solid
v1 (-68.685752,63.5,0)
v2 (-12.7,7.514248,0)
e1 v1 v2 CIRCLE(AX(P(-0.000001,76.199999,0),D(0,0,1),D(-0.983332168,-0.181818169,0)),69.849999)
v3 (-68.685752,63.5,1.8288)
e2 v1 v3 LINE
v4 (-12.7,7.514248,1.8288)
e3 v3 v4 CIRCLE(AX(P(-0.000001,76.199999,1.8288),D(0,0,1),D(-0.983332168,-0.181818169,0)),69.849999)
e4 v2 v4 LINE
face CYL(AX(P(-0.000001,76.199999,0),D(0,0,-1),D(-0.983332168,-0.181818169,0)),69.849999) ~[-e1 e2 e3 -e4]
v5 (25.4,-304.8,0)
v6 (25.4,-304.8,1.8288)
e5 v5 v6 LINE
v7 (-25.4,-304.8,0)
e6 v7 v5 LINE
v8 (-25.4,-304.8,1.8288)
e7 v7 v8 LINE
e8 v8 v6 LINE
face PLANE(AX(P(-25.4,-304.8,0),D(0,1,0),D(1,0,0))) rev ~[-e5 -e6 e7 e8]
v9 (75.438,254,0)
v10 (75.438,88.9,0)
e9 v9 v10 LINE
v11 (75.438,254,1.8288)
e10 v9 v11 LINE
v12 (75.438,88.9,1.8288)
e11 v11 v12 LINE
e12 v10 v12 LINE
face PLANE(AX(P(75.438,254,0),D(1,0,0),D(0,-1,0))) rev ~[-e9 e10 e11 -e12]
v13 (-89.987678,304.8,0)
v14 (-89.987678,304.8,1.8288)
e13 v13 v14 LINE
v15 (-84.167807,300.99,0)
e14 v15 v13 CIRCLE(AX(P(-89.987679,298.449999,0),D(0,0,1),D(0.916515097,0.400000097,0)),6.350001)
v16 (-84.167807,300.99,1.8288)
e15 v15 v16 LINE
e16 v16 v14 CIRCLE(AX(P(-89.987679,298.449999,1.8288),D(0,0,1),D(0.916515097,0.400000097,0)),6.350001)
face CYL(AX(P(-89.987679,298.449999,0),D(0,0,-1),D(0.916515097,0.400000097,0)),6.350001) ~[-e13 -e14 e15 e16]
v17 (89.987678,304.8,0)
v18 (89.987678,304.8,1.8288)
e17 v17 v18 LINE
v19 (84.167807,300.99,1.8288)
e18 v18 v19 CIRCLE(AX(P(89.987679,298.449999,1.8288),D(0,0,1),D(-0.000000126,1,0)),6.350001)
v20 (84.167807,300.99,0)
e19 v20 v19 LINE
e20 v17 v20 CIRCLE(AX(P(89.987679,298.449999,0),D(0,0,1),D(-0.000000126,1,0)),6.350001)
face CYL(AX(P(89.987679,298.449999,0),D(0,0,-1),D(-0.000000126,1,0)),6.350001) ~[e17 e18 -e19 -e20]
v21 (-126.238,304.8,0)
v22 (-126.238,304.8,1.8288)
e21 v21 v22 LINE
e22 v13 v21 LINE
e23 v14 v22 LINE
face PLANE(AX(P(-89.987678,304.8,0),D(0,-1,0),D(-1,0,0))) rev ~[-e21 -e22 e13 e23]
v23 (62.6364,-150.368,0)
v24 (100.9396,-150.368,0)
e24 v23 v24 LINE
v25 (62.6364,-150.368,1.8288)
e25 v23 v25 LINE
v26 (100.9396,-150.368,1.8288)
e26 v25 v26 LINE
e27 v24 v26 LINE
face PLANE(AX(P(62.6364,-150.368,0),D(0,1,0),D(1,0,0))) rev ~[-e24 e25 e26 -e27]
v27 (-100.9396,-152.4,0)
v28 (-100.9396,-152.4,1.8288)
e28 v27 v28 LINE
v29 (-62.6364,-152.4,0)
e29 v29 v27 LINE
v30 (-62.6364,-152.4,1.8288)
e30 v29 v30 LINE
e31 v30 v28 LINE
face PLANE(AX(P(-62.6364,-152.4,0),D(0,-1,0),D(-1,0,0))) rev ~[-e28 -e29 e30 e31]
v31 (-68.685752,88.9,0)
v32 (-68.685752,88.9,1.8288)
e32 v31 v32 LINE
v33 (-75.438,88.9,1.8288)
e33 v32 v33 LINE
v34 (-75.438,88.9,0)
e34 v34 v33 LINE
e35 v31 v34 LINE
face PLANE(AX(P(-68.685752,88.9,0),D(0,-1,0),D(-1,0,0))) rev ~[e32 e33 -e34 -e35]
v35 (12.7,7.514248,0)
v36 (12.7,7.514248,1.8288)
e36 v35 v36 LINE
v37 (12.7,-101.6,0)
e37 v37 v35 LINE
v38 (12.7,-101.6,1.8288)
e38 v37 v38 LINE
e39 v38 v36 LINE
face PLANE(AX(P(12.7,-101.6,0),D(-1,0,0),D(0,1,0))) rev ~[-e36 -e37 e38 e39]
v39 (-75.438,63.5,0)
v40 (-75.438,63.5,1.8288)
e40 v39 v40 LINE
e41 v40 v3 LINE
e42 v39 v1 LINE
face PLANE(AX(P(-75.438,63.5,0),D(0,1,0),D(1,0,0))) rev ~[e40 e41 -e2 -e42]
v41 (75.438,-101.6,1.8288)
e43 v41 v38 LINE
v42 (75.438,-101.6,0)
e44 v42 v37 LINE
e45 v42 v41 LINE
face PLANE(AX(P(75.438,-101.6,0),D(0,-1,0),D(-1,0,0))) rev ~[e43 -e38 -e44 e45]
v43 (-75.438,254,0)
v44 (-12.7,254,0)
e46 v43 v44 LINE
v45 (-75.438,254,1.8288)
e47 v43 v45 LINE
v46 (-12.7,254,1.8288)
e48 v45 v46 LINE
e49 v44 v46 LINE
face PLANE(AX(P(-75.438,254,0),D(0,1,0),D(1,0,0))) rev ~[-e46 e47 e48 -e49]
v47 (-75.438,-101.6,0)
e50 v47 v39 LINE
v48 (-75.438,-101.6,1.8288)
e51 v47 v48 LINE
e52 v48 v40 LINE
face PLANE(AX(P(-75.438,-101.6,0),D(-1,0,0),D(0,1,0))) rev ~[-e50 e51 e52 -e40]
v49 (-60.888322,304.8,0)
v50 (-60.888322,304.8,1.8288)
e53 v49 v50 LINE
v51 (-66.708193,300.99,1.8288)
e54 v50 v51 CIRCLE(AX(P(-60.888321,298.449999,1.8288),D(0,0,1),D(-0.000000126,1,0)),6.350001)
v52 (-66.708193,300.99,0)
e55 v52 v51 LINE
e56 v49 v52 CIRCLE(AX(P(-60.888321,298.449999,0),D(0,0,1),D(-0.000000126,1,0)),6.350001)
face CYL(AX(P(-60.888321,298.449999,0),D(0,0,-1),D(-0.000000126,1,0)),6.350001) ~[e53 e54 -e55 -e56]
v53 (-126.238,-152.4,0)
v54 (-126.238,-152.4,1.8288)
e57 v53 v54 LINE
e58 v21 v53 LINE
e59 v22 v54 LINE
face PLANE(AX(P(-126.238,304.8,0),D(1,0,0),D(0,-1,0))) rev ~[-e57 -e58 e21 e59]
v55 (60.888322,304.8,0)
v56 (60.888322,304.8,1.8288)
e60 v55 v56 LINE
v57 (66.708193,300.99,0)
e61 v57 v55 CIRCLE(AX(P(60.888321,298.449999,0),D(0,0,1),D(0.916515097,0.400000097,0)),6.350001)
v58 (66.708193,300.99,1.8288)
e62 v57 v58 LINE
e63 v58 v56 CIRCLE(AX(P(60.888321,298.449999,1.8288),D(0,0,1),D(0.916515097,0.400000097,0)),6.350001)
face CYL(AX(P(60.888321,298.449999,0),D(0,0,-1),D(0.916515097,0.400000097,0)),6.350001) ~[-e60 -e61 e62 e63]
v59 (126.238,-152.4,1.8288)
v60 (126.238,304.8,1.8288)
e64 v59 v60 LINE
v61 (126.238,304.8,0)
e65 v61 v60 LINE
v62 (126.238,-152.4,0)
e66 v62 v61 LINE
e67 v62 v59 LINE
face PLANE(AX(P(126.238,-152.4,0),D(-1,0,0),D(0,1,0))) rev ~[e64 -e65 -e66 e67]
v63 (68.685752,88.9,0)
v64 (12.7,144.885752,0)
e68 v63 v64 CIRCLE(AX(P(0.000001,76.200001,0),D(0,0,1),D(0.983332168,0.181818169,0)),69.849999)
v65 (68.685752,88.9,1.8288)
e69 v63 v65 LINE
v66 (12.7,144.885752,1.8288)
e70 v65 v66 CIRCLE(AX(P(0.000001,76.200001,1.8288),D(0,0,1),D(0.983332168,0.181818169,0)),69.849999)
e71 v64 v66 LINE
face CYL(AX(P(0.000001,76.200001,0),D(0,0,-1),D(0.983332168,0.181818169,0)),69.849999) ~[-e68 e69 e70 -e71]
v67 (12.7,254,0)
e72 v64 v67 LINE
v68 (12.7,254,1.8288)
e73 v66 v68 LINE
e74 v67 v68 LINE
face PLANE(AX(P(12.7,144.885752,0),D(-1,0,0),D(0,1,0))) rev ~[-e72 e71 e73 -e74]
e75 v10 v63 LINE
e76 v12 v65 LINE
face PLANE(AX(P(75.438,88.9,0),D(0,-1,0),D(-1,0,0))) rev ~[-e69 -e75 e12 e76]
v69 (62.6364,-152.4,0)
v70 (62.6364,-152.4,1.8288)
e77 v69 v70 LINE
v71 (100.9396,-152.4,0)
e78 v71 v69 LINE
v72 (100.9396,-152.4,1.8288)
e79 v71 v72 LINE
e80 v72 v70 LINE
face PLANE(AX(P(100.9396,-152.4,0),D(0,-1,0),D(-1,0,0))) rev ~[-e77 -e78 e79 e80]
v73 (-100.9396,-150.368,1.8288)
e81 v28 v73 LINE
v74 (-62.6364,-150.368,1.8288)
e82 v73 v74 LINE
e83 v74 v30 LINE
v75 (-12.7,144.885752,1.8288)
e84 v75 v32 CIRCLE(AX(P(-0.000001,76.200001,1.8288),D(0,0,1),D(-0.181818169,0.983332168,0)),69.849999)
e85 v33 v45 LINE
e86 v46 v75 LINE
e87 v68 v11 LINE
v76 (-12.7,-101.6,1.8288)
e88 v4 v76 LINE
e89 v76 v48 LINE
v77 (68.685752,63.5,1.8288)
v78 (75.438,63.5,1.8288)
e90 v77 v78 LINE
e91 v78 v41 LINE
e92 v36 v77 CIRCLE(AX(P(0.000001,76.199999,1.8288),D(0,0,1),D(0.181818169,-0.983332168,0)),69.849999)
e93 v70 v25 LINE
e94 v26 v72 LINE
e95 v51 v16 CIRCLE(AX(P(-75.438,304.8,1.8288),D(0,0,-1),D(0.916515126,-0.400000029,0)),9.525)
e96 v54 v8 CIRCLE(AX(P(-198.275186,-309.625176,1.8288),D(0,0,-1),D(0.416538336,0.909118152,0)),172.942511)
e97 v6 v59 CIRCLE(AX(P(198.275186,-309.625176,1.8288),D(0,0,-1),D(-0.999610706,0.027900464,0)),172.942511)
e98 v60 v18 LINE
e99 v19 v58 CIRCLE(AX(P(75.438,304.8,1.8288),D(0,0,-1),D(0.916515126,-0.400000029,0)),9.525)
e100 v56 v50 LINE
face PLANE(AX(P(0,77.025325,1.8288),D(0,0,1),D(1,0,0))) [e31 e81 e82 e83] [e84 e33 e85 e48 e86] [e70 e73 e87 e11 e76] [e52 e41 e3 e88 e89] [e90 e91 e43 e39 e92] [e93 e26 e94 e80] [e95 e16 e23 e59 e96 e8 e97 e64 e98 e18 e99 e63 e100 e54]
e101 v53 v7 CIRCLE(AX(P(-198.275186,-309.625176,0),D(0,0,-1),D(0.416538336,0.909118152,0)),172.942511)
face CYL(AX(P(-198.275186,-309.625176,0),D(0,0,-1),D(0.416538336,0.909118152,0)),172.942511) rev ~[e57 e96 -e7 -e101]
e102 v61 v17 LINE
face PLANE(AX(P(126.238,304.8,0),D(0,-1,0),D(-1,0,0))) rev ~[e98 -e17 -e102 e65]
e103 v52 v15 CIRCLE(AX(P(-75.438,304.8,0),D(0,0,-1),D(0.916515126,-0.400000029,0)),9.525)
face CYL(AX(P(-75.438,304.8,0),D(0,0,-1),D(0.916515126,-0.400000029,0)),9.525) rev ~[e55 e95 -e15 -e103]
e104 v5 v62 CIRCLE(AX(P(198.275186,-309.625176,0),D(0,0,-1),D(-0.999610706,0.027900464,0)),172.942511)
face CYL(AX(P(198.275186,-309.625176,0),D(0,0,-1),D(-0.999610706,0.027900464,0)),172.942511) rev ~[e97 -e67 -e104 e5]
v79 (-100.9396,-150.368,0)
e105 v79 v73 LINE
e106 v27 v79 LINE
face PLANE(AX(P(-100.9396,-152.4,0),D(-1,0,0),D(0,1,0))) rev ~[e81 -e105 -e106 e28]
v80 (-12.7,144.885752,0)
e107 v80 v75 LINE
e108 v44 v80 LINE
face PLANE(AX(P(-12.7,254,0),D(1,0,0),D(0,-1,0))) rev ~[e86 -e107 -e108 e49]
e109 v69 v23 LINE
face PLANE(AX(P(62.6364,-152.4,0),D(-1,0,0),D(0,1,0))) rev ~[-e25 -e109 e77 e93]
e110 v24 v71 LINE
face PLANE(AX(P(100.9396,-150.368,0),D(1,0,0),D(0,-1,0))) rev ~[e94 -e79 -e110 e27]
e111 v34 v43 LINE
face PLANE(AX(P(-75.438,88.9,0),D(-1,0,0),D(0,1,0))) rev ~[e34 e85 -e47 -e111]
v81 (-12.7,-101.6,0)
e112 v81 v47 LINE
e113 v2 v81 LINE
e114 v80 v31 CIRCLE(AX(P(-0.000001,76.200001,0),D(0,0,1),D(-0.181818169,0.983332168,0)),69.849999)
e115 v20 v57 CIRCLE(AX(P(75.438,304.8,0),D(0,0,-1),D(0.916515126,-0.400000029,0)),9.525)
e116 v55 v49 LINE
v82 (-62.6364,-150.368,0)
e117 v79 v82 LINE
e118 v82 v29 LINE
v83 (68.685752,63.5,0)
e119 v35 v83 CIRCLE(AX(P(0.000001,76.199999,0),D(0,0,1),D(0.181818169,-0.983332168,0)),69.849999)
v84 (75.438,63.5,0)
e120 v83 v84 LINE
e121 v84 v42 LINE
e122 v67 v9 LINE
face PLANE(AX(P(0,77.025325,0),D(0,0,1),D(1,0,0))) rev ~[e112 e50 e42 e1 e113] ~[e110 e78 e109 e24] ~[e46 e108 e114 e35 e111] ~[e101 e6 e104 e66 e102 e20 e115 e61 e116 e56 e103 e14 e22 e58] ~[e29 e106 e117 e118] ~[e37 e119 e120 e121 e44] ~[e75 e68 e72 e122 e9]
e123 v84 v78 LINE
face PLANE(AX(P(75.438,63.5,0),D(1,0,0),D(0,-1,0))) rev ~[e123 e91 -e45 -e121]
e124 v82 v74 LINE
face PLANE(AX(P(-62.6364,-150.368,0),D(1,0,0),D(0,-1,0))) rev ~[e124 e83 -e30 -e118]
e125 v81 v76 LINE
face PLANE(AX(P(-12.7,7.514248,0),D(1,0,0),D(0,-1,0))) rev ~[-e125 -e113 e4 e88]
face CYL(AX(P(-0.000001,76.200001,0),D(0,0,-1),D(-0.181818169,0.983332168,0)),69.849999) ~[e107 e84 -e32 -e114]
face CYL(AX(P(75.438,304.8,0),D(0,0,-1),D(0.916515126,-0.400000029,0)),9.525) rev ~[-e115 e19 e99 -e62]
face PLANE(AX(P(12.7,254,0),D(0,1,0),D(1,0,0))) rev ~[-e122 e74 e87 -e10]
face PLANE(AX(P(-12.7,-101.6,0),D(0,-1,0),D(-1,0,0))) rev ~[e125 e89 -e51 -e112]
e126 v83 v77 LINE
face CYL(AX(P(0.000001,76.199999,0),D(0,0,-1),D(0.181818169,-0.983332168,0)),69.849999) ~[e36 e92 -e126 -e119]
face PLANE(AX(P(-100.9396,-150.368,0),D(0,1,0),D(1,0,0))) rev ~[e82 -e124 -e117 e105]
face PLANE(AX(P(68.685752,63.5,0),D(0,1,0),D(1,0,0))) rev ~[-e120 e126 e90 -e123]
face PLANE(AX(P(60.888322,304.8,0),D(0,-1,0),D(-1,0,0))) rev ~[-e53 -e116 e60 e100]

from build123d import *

# Parameters (mm, degrees)
F1_DEPTH = 1.8288


with BuildPart() as f1:
    # F0 (on Top) → F1 (new body)
    with BuildSketch(Plane.XY):
        with BuildLine():
            Line((-89.987678, 304.8), (-126.238, 304.8))
            Line((-126.238, 304.8), (-126.238, -152.4))
            Line((-126.238, -152.4), (-100.9396, -152.4))
            Line((-100.9396, -152.4), (-100.9396, -150.368))
            Line((-100.9396, -150.368), (-62.6364, -150.368))
            Line((-62.6364, -150.368), (-62.6364, -152.4))
            Line((-62.6364, -152.4), (62.6364, -152.4))
            Line((62.6364, -152.4), (62.6364, -150.368))
            Line((62.6364, -150.368), (100.9396, -150.368))
            Line((100.9396, -150.368), (100.9396, -152.4))
            Line((100.9396, -152.4), (126.238, -152.4))
            Line((126.238, -152.4), (126.238, 304.8))
            Line((126.238, 304.8), (89.987678, 304.8))
            ThreePointArc((89.987678, 304.8), (86.50964, 303.762791), (84.167807, 300.99))
            ThreePointArc((84.167807, 300.99), (75.438, 295.275), (66.708193, 300.99))
            ThreePointArc((66.708193, 300.99), (64.36636, 303.762791), (60.888322, 304.8))
            Line((60.888322, 304.8), (-60.888322, 304.8))
            ThreePointArc((-60.888322, 304.8), (-64.36636, 303.762791), (-66.708193, 300.99))
            ThreePointArc((-66.708193, 300.99), (-75.438, 295.275), (-84.167807, 300.99))
            ThreePointArc((-84.167807, 300.99), (-86.50964, 303.762791), (-89.987678, 304.8))
        make_face()
        with BuildLine():
            Line((-12.7, -101.6), (-75.438, -101.6))
            Line((-75.438, -101.6), (-75.438, 63.5))
            Line((-75.438, 63.5), (-68.685752, 63.5))
            ThreePointArc((-68.685752, 63.5), (-49.391409, 26.808591), (-12.7, 7.514248))
            Line((-12.7, 7.514248), (-12.7, -101.6))
        make_face(mode=Mode.SUBTRACT)
        with BuildLine():
            Line((12.7, -101.6), (12.7, 7.514248))
            ThreePointArc((12.7, 7.514248), (49.391409, 26.808591), (68.685752, 63.5))
            Line((68.685752, 63.5), (75.438, 63.5))
            Line((75.438, 63.5), (75.438, -101.6))
            Line((75.438, -101.6), (12.7, -101.6))
        make_face(mode=Mode.SUBTRACT)
        with BuildLine():
            Line((-75.438, 88.9), (-75.438, 254))
            Line((-75.438, 254), (-12.7, 254))
            Line((-12.7, 254), (-12.7, 144.885752))
            ThreePointArc((-12.7, 144.885752), (-49.391409, 125.591409), (-68.685752, 88.9))
            Line((-68.685752, 88.9), (-75.438, 88.9))
        make_face(mode=Mode.SUBTRACT)
        with BuildLine():
            Line((12.7, 254), (75.438, 254))
            Line((75.438, 254), (75.438, 88.9))
            Line((75.438, 88.9), (68.685752, 88.9))
            ThreePointArc((68.685752, 88.9), (49.391409, 125.591409), (12.7, 144.885752))
            Line((12.7, 144.885752), (12.7, 254))
        make_face(mode=Mode.SUBTRACT)
        with BuildLine():
            Line((-100.9396, -152.4), (-126.238, -152.4))
            ThreePointArc((-126.238, -152.4), (-54.046349, -214.193762), (-25.4, -304.8))
            Line((-25.4, -304.8), (25.4, -304.8))
            ThreePointArc((25.4, -304.8), (54.046349, -214.193762), (126.238, -152.4))
            Line((126.238, -152.4), (100.9396, -152.4))
            Line((100.9396, -152.4), (62.6364, -152.4))
            Line((62.6364, -152.4), (-62.6364, -152.4))
            Line((-62.6364, -152.4), (-100.9396, -152.4))
        make_face()
    extrude(amount=F1_DEPTH)


solid = f1.part
